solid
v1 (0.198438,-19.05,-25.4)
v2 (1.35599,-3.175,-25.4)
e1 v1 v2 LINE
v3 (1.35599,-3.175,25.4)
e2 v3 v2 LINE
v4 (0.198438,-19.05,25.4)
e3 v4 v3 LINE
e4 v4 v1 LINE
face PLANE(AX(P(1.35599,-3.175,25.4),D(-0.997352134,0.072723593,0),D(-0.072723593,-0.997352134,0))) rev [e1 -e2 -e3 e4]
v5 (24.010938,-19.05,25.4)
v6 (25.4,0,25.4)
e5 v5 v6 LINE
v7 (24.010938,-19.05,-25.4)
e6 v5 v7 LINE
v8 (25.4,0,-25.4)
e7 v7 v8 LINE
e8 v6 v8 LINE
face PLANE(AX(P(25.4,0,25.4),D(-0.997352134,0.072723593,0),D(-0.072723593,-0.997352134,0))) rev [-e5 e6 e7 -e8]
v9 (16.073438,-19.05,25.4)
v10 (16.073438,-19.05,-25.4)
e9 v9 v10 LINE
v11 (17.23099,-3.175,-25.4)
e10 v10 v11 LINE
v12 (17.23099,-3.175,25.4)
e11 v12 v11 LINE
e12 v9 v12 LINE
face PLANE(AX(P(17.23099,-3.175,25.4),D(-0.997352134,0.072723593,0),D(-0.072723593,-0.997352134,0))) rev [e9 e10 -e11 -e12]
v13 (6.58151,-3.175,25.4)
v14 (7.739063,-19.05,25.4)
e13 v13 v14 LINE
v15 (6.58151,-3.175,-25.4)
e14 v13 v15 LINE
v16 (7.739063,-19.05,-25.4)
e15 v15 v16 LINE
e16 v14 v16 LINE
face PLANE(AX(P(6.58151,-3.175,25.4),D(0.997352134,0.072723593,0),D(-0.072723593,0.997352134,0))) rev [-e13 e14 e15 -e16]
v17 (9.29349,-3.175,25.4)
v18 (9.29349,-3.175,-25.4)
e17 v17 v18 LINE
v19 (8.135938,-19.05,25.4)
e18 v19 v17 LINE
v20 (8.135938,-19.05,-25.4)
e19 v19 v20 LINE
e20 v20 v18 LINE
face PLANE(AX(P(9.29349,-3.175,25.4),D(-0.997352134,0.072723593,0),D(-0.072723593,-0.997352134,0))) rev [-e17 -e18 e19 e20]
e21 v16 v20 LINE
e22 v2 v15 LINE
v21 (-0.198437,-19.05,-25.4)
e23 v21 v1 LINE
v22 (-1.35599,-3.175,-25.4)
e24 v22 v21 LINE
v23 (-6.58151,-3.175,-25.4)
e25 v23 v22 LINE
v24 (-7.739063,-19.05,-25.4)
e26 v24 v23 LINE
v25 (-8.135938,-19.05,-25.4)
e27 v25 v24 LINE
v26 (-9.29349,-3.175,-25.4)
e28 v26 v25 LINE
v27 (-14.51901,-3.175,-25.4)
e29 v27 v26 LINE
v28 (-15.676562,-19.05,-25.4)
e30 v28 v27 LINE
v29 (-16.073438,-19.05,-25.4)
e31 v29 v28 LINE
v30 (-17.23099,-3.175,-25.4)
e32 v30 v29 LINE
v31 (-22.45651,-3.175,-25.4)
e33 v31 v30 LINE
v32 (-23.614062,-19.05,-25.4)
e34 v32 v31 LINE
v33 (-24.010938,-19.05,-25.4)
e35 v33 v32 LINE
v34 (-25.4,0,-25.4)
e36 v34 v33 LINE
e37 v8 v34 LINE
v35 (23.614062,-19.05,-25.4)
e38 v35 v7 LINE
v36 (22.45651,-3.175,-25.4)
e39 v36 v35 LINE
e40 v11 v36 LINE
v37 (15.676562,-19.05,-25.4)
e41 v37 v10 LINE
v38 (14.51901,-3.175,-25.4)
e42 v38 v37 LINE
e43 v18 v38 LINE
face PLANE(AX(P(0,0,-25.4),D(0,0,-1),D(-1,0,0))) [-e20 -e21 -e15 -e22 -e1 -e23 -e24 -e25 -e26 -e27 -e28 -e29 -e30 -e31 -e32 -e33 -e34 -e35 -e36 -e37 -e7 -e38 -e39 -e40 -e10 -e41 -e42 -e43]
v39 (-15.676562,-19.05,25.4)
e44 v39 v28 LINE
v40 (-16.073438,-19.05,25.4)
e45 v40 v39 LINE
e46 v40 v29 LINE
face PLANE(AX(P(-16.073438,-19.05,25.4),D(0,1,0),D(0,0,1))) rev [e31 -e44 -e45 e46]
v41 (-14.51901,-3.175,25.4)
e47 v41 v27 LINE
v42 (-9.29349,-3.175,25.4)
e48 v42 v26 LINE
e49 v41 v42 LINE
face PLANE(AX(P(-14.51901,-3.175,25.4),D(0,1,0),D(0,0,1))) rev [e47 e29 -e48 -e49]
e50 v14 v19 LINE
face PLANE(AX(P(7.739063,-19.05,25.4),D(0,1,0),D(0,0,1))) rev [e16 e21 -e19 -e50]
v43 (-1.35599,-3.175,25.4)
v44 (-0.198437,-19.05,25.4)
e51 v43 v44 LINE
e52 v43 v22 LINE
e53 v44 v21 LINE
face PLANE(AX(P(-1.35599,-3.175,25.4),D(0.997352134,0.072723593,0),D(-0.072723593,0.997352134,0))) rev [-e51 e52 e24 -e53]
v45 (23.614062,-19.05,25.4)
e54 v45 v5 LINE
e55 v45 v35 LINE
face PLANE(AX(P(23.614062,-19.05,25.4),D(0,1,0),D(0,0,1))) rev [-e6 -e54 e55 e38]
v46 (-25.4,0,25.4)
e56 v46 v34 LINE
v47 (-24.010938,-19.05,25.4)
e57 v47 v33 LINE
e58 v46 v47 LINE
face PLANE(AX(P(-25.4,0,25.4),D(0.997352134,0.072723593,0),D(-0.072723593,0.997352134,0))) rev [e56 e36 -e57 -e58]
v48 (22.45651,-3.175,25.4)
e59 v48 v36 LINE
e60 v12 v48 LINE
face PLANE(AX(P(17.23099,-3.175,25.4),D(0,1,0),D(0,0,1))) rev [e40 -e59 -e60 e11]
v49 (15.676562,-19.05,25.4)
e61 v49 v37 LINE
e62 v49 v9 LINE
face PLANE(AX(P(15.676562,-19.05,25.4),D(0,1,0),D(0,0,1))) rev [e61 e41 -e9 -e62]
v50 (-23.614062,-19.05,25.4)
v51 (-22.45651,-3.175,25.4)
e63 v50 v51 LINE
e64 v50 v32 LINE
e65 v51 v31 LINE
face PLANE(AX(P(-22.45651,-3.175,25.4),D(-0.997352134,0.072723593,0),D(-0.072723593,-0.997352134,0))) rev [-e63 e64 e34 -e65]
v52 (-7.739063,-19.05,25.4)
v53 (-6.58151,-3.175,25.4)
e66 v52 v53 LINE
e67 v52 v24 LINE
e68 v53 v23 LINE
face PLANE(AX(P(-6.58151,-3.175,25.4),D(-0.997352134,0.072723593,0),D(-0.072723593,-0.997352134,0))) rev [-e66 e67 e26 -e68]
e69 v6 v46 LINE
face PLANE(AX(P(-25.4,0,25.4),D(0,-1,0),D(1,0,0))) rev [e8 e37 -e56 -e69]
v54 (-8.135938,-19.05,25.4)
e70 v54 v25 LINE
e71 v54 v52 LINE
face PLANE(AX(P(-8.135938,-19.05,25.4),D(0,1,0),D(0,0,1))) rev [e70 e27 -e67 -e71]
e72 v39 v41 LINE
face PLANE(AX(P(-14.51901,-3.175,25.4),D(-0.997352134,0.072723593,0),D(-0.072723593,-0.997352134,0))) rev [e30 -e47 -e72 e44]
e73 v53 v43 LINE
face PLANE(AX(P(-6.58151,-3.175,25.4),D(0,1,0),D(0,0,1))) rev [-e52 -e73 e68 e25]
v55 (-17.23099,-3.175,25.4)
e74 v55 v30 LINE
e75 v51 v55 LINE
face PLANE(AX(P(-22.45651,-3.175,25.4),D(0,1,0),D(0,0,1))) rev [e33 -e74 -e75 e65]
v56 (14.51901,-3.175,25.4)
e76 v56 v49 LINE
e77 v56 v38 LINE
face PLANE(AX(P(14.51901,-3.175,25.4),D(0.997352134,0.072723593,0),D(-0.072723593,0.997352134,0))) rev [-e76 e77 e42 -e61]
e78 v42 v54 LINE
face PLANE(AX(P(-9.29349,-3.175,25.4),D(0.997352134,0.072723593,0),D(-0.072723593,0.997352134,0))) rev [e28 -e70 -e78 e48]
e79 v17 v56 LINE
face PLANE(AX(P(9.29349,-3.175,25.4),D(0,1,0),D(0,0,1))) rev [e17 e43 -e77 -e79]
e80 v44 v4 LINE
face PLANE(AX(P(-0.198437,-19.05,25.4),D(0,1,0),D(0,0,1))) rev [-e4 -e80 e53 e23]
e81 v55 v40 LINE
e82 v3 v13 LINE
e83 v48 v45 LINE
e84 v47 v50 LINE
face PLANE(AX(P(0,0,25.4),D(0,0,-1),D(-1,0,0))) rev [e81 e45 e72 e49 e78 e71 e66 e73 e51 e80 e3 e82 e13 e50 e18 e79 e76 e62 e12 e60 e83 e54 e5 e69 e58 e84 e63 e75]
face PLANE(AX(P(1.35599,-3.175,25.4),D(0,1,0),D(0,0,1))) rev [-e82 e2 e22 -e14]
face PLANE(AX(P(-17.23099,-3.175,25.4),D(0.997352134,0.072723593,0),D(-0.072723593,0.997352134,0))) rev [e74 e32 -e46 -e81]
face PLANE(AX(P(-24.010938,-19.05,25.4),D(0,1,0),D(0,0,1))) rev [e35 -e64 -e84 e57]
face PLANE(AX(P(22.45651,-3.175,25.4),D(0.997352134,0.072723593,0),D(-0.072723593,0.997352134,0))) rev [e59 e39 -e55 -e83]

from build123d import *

# Parameters (mm, degrees)
BOSS_EXTRUDE1_DEPTH = 25.4


with BuildPart() as part:
    # Sketch1 → Boss-Extrude1 (new, symmetric)
    with BuildSketch(Plane.XY):
        Polygon((-25.4, 0), (-24.0109375, -19.05), (-23.6140625, -19.05), (-22.456510417, -3.175), (-17.230989583, -3.175), (-16.0734375, -19.05), (-15.6765625, -19.05), (-14.519010417, -3.175), (-9.293489583, -3.175), (-8.1359375, -19.05), (-7.7390625, -19.05), (-6.581510417, -3.175), (-1.355989583, -3.175), (-0.1984375, -19.05), (0.1984375, -19.05), (1.355989583, -3.175), (6.581510417, -3.175), (7.7390625, -19.05), (8.1359375, -19.05), (9.293489583, -3.175), (14.519010417, -3.175), (15.6765625, -19.05), (16.0734375, -19.05), (17.230989583, -3.175), (22.456510417, -3.175), (23.6140625, -19.05), (24.0109375, -19.05), (25.4, 0), align=None)
    extrude(amount=BOSS_EXTRUDE1_DEPTH, both=True)


solid = part.part
